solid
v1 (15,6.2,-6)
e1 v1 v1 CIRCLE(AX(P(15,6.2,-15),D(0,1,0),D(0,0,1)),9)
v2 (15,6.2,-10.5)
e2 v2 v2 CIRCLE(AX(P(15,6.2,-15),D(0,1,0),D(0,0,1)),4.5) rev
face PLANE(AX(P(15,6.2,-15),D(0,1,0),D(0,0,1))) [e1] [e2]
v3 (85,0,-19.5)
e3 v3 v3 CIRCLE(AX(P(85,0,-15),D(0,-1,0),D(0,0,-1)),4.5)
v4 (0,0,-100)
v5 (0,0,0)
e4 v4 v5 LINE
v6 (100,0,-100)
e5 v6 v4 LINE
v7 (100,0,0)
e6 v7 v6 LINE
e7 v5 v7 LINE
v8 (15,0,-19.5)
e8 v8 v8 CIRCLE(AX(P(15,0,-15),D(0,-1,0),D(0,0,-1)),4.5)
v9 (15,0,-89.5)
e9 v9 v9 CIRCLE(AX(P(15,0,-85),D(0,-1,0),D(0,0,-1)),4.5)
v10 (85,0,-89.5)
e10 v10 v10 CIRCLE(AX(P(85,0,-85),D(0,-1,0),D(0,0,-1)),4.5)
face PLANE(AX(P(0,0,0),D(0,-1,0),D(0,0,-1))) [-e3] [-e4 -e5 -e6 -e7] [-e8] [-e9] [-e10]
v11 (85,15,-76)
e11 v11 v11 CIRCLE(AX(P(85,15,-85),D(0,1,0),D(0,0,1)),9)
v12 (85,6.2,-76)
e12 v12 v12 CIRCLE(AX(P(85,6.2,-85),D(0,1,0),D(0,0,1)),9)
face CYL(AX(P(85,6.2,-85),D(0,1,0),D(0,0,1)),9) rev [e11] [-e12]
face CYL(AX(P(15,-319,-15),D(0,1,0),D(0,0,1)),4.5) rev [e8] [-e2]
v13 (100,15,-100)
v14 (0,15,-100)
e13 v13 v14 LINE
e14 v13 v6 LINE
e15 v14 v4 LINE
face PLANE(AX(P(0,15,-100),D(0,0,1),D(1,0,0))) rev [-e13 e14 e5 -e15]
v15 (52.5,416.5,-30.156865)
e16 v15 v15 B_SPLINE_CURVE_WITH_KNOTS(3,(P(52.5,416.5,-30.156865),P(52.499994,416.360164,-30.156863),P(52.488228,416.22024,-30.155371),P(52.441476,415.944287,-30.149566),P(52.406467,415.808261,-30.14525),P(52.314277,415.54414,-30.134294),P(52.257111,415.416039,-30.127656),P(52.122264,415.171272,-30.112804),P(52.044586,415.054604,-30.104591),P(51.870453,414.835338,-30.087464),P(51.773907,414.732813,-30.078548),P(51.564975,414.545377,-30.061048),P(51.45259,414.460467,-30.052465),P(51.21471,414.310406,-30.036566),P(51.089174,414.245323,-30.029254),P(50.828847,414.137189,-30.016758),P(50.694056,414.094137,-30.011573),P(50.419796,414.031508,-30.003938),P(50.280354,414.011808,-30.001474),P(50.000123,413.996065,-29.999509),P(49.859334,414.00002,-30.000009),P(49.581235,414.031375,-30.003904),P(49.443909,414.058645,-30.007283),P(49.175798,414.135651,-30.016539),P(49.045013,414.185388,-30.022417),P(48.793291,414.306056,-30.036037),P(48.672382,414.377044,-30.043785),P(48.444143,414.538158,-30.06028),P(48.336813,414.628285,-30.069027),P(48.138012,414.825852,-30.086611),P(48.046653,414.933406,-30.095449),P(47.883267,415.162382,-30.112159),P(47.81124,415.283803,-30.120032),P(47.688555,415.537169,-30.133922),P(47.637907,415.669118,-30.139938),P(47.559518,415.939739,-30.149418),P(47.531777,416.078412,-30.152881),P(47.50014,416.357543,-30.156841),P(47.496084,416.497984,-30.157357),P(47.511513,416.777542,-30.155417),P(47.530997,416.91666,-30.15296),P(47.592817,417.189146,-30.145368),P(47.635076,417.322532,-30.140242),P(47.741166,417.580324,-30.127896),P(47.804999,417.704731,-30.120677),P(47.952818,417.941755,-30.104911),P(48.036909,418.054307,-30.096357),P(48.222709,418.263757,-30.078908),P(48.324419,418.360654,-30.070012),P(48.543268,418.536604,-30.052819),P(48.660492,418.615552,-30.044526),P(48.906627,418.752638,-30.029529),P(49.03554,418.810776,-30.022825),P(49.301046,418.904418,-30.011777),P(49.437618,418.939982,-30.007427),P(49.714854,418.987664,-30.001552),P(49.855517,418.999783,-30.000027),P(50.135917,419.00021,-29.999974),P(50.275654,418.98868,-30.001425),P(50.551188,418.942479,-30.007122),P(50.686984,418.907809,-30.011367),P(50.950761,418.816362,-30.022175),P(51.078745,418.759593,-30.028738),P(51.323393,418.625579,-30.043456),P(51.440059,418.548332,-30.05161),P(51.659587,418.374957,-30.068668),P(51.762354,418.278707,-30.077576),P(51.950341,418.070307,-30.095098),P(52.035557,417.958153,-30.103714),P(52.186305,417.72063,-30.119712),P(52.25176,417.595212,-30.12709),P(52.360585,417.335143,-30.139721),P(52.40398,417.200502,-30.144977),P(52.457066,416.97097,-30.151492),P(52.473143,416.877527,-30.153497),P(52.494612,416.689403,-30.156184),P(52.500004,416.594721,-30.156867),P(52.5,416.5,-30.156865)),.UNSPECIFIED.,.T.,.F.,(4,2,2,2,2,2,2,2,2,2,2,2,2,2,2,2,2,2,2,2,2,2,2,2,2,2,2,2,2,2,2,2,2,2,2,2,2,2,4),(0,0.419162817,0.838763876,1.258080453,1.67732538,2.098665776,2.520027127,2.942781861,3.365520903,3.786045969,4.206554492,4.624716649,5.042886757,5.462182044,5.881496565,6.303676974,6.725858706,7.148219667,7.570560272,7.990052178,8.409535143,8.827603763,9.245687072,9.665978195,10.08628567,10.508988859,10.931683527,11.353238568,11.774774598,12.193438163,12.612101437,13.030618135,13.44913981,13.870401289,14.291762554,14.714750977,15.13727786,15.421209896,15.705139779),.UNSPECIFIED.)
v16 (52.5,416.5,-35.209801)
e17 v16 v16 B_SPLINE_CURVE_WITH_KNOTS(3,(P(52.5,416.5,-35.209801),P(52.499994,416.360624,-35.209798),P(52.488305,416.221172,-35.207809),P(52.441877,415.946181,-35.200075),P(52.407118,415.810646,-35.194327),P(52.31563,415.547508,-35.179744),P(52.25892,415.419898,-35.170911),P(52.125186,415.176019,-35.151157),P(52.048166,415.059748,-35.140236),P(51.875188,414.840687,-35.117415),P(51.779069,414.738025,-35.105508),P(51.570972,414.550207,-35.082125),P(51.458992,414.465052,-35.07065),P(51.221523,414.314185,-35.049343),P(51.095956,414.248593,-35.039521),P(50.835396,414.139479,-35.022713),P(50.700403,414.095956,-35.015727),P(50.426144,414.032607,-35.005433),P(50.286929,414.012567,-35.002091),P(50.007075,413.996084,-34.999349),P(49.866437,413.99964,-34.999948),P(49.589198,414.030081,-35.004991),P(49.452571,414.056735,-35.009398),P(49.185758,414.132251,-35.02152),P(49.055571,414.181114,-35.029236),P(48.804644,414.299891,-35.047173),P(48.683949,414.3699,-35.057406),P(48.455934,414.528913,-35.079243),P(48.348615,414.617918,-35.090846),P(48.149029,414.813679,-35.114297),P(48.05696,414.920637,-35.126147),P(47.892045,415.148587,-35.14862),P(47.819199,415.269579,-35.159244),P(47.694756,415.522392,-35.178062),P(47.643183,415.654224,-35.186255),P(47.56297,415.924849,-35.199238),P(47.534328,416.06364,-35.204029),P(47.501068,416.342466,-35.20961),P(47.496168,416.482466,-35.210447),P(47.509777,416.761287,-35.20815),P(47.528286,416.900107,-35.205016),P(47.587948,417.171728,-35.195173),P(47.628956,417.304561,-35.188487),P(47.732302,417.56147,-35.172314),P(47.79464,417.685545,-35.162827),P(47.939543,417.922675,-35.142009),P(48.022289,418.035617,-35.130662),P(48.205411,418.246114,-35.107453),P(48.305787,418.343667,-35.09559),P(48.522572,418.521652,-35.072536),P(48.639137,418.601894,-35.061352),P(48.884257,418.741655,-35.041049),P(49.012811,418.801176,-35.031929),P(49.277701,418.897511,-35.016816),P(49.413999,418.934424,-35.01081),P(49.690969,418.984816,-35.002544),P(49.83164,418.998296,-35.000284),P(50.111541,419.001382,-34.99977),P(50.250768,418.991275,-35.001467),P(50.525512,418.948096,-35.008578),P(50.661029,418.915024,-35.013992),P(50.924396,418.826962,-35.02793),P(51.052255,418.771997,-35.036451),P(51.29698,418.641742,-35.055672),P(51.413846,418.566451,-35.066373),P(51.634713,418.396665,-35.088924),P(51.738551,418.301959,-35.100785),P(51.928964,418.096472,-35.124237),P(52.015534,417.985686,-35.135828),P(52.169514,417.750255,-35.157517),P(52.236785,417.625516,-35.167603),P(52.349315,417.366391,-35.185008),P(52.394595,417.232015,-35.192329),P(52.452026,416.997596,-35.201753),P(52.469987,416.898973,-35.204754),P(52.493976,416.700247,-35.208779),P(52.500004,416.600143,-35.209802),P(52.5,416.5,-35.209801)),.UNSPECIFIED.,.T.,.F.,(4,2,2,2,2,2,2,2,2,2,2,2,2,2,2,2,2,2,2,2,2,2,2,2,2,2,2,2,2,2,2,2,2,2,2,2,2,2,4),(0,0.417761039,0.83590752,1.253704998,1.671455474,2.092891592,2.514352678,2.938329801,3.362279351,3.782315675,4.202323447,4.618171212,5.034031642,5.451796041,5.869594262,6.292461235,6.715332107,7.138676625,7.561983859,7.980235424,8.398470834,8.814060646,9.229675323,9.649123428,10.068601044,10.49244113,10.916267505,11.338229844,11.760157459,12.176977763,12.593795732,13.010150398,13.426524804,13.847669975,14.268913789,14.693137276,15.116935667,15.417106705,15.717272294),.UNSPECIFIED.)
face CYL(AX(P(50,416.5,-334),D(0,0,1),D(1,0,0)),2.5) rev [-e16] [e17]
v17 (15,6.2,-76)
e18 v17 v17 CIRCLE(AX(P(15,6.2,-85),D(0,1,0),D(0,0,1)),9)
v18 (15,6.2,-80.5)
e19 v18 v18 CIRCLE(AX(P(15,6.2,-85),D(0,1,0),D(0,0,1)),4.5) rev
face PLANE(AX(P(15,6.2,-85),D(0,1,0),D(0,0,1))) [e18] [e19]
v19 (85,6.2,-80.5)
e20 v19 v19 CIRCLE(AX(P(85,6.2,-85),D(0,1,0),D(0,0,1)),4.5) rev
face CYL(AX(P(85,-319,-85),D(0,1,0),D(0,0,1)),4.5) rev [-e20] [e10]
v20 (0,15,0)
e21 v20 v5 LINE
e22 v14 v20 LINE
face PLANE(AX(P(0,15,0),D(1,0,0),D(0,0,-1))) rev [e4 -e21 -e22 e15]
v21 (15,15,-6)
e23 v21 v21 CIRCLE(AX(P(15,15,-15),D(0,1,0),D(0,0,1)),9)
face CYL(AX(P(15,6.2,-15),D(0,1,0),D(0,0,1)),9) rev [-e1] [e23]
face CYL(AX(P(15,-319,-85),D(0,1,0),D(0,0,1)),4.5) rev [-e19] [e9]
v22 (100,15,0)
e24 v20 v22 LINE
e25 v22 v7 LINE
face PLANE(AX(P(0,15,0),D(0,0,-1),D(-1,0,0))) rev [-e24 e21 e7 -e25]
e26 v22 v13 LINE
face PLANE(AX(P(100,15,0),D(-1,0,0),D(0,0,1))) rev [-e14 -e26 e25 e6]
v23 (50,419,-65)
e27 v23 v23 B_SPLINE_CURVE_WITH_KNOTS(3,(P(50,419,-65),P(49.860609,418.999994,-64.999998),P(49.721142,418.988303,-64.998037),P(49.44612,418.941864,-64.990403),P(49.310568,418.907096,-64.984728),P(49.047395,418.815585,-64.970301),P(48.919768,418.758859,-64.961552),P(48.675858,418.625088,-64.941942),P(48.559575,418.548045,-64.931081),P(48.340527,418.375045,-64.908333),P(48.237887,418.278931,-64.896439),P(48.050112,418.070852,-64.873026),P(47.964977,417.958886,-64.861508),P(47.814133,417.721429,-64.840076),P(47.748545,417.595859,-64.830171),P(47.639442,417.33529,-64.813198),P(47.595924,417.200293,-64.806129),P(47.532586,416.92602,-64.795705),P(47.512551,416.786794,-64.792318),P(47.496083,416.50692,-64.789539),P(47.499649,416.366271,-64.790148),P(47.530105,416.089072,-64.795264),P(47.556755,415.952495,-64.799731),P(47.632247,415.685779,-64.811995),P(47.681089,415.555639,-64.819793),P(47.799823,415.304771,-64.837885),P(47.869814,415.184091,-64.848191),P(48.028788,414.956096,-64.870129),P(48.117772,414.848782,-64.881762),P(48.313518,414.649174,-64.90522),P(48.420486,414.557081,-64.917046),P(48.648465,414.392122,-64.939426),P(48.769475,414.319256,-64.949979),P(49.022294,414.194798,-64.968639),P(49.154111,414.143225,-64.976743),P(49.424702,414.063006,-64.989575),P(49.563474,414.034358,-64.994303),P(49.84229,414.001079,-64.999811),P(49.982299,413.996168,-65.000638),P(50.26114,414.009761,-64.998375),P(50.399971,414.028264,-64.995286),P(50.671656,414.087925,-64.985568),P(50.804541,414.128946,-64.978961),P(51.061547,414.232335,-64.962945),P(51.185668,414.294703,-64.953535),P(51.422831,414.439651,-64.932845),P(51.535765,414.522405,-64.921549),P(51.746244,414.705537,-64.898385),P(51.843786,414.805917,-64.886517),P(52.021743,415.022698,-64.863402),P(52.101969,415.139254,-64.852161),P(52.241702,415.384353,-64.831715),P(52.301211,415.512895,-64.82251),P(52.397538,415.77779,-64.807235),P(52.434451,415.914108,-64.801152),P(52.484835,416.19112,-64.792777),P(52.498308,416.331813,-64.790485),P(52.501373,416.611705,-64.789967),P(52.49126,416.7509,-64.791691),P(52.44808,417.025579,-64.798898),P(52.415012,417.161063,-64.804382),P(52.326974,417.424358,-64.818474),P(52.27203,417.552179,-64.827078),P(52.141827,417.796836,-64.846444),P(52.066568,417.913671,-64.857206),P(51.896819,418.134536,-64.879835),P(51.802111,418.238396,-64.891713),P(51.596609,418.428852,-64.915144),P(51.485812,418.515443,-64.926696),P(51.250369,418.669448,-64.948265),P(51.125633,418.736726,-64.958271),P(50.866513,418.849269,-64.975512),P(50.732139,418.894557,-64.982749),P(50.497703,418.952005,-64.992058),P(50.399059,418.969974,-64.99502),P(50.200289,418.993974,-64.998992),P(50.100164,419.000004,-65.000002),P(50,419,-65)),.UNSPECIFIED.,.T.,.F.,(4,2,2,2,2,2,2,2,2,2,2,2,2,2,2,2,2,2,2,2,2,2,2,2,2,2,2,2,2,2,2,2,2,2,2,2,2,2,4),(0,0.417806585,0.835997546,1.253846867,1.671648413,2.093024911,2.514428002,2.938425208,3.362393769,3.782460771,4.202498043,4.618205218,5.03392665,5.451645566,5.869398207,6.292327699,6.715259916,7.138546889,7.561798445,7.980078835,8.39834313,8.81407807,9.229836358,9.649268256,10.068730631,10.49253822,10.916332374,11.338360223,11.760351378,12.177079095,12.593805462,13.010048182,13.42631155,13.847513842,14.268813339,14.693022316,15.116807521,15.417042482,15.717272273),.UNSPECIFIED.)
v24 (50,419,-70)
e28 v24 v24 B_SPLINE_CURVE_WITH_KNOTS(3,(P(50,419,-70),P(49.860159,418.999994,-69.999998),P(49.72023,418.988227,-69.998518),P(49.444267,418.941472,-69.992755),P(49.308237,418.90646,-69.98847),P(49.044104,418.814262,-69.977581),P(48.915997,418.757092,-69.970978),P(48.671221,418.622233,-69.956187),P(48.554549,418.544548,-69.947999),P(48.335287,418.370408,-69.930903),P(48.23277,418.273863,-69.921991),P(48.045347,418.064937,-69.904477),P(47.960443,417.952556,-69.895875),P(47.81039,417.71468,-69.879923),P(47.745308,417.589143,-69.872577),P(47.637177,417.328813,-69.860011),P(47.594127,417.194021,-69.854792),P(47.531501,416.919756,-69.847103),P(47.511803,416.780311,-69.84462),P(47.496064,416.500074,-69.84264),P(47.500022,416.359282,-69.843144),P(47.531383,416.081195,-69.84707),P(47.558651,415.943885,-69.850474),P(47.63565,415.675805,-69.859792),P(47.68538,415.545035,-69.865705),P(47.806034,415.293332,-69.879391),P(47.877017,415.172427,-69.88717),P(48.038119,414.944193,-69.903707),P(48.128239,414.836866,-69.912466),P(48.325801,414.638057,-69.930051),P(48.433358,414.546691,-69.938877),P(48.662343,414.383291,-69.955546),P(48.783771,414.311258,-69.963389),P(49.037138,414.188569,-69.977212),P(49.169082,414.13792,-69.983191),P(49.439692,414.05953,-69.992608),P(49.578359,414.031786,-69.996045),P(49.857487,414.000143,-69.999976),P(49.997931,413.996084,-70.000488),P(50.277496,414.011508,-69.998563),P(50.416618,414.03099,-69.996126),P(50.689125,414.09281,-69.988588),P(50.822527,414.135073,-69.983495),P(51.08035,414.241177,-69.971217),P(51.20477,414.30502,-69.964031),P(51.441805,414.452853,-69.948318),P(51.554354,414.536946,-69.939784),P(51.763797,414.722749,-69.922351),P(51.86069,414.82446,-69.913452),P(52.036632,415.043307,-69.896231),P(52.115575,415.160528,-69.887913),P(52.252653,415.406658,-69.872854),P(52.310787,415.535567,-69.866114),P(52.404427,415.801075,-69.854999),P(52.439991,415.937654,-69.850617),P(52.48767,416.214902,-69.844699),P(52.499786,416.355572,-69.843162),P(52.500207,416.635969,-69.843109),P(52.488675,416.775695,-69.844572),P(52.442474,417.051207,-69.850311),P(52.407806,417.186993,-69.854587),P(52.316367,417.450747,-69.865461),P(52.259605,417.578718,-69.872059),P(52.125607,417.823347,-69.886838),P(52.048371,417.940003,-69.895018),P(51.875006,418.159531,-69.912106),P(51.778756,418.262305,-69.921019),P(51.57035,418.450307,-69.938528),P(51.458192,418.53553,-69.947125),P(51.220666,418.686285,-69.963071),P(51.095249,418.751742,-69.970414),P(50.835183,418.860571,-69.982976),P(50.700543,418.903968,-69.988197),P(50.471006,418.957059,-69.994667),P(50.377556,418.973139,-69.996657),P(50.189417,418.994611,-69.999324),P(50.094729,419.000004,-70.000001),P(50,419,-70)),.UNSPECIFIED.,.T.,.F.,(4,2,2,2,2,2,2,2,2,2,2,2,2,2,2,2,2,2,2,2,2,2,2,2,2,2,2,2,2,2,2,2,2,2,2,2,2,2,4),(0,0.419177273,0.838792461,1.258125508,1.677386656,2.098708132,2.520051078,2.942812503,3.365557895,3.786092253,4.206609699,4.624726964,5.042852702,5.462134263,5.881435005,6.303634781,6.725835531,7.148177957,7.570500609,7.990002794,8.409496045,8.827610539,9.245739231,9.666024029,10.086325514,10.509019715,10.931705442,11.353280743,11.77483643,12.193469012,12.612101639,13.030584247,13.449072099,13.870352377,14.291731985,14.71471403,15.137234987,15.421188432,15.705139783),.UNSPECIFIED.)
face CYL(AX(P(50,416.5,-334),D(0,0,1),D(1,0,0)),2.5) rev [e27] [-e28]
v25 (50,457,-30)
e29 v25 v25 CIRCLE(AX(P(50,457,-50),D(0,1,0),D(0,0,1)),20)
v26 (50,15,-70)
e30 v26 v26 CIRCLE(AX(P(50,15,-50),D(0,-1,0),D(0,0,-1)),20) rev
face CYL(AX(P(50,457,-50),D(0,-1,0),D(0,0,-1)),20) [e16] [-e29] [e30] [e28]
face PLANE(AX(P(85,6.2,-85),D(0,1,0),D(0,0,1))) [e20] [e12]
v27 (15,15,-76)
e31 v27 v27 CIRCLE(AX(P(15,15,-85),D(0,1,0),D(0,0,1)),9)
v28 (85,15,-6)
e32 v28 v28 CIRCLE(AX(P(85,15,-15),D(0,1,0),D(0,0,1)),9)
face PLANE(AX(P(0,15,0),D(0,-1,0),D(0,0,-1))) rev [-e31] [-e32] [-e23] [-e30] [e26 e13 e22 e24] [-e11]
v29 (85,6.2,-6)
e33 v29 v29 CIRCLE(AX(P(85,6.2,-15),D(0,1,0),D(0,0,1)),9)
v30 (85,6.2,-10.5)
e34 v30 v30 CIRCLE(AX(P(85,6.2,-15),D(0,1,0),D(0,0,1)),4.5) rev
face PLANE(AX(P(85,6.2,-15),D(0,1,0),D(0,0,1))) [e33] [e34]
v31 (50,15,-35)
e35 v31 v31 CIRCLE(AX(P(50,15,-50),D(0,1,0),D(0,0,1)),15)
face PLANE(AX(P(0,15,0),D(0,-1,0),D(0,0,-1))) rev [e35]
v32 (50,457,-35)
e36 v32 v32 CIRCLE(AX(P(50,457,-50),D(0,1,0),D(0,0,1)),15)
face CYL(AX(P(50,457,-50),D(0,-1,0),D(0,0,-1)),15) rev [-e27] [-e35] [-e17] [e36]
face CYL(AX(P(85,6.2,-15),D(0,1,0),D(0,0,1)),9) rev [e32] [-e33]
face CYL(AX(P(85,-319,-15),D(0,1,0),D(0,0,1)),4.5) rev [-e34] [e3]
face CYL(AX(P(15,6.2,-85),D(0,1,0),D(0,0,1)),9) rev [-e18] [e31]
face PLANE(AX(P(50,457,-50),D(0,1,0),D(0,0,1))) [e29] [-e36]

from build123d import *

# Parameters (mm, degrees)
SKETCH4_W           = 100
SKETCH4_H           = 100
BOSS_EXTRUDE4_DEPTH = 15
SKETCH5_R           = 20
SKETCH5_R_2         = 15
BOSS_EXTRUDE5_DEPTH = 442
SKETCH8_R           = 2.5
CUT_EXTRUDE2_DEPTH  = 334
SKETCH9_R           = 4.5
CUT_EXTRUDE3_DEPTH  = 334
SKETCH10_R          = 9
CUT_EXTRUDE4_DEPTH  = 8.8


with BuildPart() as part:
    # Sketch4 → Boss-Extrude4 (new body)
    with BuildSketch(Plane(origin=(0, 0, 0), x_dir=(1, 0, 0), z_dir=(0, 1, 0))):
        with Locations((50, 50)):
            Rectangle(SKETCH4_W, SKETCH4_H)
    extrude(amount=BOSS_EXTRUDE4_DEPTH)

    # Sketch5 → Boss-Extrude5 (add)
    with BuildSketch(Plane(origin=(0, 15, 0), x_dir=(1, 0, 0), z_dir=(0, 1, 0))):
        with Locations((50, 50)):
            Circle(SKETCH5_R)
        with Locations((50, 50)):
            Circle(SKETCH5_R_2, mode=Mode.SUBTRACT)
    extrude(amount=BOSS_EXTRUDE5_DEPTH)

    # Sketch8 → Cut-Extrude2 (cut)
    with BuildSketch(Plane.XY):
        with Locations((50, 416.5)):
            Circle(SKETCH8_R)
    extrude(amount=-CUT_EXTRUDE2_DEPTH, mode=Mode.SUBTRACT)

    # Sketch9 → Cut-Extrude3 (cut)
    with BuildSketch(Plane(origin=(0, 15, 0), x_dir=(1, 0, 0), z_dir=(0, 1, 0))):
        with Locations((15, 85)):
            Circle(SKETCH9_R)
        with Locations((85, 85)):
            Circle(SKETCH9_R)
        with Locations((85, 15)):
            Circle(SKETCH9_R)
        with Locations((15, 15)):
            Circle(SKETCH9_R)
    extrude(amount=-CUT_EXTRUDE3_DEPTH, mode=Mode.SUBTRACT)

    # Sketch10 → Cut-Extrude4 (cut)
    with BuildSketch(Plane(origin=(0, 15, 0), x_dir=(1, 0, 0), z_dir=(0, 1, 0))):
        with Locations((15, 85)):
            Circle(SKETCH10_R)
        with Locations((85, 85)):
            Circle(SKETCH10_R)
        with Locations((85, 15)):
            Circle(SKETCH10_R)
        with Locations((15, 15)):
            Circle(SKETCH10_R)
    extrude(amount=-CUT_EXTRUDE4_DEPTH, mode=Mode.SUBTRACT)


solid = part.part
